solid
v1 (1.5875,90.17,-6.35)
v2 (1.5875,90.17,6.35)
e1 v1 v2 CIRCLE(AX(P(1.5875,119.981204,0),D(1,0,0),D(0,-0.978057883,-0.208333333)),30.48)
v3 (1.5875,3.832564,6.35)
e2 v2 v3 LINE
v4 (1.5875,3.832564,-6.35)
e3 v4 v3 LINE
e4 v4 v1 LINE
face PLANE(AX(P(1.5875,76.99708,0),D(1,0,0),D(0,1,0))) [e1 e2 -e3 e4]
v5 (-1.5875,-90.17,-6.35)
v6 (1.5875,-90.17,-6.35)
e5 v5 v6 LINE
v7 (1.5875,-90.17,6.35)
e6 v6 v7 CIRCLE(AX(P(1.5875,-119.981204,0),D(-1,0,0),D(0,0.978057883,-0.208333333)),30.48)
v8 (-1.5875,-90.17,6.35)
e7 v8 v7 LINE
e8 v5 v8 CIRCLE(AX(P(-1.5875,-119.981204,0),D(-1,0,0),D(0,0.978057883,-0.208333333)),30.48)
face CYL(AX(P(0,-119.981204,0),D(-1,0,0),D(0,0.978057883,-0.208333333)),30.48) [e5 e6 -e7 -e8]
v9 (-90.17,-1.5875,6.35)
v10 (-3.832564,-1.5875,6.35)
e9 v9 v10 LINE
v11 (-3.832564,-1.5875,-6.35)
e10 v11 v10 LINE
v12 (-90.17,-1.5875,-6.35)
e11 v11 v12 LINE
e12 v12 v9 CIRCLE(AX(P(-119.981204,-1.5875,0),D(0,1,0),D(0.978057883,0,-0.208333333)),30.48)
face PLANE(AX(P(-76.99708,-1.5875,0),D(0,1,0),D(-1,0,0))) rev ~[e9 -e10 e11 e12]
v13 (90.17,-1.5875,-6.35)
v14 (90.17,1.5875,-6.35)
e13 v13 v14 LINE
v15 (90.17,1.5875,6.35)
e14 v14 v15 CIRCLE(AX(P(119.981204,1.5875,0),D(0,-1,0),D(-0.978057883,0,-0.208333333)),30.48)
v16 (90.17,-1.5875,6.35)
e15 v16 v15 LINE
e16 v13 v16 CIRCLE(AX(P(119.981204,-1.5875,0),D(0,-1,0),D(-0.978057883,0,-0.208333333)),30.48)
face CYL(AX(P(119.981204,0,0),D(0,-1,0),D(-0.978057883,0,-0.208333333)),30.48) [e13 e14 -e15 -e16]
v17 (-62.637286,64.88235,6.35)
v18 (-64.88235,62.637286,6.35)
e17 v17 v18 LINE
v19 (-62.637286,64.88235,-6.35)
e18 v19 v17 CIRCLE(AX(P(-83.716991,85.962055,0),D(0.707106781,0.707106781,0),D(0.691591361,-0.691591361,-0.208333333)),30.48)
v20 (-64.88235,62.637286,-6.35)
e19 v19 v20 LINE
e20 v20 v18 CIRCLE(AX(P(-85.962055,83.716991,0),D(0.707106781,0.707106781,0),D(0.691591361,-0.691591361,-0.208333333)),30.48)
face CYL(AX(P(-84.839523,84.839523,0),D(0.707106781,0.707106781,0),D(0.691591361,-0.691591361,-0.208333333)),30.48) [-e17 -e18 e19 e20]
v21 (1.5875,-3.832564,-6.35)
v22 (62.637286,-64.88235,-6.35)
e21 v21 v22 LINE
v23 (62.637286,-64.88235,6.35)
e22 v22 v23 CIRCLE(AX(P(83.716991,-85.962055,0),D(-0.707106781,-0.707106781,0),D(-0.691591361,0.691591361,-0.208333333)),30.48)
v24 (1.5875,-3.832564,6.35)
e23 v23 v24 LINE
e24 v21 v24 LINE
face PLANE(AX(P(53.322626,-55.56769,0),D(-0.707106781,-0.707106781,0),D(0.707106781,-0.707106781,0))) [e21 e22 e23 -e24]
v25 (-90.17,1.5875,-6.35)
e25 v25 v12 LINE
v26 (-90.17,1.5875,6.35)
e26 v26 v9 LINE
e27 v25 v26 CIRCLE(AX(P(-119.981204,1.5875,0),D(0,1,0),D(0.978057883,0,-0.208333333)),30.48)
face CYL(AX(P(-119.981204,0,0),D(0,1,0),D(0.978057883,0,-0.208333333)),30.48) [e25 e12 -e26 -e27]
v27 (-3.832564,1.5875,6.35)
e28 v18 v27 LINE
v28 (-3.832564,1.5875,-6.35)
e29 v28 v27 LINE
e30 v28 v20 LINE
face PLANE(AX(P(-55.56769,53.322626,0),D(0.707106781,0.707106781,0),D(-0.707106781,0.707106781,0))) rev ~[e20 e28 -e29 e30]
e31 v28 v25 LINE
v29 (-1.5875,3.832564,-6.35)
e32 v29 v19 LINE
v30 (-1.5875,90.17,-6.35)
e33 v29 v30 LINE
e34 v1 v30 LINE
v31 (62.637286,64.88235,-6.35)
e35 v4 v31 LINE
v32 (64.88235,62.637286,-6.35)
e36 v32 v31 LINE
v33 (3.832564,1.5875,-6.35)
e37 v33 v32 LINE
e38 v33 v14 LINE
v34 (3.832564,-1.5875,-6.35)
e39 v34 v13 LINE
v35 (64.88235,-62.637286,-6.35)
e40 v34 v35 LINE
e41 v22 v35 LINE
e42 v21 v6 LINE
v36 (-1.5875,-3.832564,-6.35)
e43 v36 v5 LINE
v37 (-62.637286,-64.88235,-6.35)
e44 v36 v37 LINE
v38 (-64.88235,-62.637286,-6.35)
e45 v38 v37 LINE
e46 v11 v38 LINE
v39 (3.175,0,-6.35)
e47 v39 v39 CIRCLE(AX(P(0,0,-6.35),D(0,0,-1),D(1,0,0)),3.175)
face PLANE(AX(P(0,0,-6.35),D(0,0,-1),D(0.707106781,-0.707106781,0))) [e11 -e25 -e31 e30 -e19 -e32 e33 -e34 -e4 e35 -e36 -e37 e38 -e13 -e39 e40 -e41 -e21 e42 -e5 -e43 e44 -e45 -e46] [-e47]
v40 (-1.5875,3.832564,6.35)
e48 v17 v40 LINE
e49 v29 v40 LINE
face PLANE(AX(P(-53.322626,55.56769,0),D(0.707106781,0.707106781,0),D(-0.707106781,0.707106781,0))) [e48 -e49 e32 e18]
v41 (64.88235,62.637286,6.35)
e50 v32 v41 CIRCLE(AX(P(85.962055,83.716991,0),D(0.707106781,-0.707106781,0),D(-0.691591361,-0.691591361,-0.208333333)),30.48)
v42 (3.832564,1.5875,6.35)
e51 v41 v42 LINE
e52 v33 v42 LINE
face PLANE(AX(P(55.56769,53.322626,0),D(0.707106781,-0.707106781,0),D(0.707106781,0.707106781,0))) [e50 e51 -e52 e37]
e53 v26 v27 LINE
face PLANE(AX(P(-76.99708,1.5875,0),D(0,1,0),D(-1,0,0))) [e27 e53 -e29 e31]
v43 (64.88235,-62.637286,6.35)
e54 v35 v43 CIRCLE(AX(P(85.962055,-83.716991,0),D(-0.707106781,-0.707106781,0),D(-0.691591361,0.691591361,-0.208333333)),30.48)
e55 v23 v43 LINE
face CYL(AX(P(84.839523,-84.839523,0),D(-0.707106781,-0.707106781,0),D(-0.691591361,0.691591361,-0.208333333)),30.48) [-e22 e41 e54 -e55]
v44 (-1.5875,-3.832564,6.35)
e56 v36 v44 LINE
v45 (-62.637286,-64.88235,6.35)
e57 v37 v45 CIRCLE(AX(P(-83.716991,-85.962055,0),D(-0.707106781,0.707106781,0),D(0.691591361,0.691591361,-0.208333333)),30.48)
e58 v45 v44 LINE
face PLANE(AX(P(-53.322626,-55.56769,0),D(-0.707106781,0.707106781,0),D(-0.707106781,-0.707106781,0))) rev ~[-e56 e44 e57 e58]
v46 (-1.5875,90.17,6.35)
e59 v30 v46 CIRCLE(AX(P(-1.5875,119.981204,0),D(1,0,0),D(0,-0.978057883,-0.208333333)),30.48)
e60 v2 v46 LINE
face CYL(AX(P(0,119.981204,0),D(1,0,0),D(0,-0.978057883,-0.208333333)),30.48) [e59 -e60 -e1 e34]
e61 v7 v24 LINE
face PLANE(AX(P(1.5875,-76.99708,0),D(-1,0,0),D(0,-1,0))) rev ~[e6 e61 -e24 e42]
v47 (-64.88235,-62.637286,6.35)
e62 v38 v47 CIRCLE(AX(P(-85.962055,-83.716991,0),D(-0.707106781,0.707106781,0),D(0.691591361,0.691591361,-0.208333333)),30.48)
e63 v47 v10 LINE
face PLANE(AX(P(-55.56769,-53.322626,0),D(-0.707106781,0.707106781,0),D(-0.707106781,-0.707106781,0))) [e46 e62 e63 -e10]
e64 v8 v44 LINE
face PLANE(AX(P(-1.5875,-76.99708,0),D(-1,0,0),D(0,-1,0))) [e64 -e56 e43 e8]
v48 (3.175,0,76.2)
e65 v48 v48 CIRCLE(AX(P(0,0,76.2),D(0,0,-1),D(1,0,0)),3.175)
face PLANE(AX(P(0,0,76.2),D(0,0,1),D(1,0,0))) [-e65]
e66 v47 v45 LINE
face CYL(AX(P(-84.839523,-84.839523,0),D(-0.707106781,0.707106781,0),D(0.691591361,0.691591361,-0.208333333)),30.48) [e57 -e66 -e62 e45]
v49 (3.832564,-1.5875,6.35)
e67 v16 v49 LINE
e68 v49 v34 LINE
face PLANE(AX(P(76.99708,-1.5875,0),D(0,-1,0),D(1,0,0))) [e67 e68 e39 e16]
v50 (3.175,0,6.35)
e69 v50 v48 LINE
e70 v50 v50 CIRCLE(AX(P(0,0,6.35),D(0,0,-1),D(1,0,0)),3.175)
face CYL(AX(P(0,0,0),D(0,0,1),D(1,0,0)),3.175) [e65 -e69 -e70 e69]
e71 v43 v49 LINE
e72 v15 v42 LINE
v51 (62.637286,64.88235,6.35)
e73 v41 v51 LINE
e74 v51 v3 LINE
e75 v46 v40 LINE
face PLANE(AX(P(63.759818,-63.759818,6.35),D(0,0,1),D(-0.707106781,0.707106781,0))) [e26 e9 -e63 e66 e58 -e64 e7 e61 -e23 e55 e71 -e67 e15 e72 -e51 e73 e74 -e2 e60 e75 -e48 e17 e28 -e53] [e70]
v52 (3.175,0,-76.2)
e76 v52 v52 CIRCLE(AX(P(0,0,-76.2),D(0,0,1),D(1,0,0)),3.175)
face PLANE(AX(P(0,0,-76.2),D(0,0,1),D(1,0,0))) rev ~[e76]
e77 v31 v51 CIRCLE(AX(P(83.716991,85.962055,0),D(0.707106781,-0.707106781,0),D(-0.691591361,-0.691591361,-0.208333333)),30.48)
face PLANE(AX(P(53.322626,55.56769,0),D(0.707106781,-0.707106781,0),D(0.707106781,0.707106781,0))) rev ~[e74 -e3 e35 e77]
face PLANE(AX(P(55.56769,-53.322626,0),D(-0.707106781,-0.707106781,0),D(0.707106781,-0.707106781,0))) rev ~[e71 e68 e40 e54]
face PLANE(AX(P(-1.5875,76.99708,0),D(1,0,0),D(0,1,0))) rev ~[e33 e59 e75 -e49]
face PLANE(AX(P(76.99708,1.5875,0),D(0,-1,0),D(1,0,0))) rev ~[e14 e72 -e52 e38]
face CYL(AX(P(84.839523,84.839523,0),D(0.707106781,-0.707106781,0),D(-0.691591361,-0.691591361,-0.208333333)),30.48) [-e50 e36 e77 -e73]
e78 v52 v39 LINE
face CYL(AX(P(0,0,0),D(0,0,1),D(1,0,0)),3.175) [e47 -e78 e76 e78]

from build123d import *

# Parameters (mm, degrees)
F1_DEPTH = 1.5875
F2_R     = 3.175
F3_DEPTH = 76.2
F4_COUNT = 8
F4_ANGLE = 315


with BuildPart() as f1:
    # F0 (on Front) → F1 (new body, symmetric)
    with BuildSketch(Plane.XZ):
        with BuildLine():
            Line((90.17, 6.35), (0, 6.35))
            Line((0, 6.35), (0, -6.35))
            Line((0, -6.35), (90.17, -6.35))
            ThreePointArc((90.17, -6.35), (150.4612042695, 0), (90.17, 6.35))
        make_face()
    extrude(amount=F1_DEPTH, both=True)

    # F2 (on Top) → F3 (join, symmetric)
    with BuildSketch(Plane.XY):
        Circle(F2_R)
    extrude(amount=F3_DEPTH, both=True)

    # F4: F1 ×8 about axis
    f4_axis = Axis((0, 0, 0), (0, 0, 1))


with BuildPart() as f1_1:
    add(f1.part)
    for i in range(1, F4_COUNT):
        add(f1.part.rotate(f4_axis, i * F4_ANGLE / (F4_COUNT - 1)))


solid = f1_1.part
